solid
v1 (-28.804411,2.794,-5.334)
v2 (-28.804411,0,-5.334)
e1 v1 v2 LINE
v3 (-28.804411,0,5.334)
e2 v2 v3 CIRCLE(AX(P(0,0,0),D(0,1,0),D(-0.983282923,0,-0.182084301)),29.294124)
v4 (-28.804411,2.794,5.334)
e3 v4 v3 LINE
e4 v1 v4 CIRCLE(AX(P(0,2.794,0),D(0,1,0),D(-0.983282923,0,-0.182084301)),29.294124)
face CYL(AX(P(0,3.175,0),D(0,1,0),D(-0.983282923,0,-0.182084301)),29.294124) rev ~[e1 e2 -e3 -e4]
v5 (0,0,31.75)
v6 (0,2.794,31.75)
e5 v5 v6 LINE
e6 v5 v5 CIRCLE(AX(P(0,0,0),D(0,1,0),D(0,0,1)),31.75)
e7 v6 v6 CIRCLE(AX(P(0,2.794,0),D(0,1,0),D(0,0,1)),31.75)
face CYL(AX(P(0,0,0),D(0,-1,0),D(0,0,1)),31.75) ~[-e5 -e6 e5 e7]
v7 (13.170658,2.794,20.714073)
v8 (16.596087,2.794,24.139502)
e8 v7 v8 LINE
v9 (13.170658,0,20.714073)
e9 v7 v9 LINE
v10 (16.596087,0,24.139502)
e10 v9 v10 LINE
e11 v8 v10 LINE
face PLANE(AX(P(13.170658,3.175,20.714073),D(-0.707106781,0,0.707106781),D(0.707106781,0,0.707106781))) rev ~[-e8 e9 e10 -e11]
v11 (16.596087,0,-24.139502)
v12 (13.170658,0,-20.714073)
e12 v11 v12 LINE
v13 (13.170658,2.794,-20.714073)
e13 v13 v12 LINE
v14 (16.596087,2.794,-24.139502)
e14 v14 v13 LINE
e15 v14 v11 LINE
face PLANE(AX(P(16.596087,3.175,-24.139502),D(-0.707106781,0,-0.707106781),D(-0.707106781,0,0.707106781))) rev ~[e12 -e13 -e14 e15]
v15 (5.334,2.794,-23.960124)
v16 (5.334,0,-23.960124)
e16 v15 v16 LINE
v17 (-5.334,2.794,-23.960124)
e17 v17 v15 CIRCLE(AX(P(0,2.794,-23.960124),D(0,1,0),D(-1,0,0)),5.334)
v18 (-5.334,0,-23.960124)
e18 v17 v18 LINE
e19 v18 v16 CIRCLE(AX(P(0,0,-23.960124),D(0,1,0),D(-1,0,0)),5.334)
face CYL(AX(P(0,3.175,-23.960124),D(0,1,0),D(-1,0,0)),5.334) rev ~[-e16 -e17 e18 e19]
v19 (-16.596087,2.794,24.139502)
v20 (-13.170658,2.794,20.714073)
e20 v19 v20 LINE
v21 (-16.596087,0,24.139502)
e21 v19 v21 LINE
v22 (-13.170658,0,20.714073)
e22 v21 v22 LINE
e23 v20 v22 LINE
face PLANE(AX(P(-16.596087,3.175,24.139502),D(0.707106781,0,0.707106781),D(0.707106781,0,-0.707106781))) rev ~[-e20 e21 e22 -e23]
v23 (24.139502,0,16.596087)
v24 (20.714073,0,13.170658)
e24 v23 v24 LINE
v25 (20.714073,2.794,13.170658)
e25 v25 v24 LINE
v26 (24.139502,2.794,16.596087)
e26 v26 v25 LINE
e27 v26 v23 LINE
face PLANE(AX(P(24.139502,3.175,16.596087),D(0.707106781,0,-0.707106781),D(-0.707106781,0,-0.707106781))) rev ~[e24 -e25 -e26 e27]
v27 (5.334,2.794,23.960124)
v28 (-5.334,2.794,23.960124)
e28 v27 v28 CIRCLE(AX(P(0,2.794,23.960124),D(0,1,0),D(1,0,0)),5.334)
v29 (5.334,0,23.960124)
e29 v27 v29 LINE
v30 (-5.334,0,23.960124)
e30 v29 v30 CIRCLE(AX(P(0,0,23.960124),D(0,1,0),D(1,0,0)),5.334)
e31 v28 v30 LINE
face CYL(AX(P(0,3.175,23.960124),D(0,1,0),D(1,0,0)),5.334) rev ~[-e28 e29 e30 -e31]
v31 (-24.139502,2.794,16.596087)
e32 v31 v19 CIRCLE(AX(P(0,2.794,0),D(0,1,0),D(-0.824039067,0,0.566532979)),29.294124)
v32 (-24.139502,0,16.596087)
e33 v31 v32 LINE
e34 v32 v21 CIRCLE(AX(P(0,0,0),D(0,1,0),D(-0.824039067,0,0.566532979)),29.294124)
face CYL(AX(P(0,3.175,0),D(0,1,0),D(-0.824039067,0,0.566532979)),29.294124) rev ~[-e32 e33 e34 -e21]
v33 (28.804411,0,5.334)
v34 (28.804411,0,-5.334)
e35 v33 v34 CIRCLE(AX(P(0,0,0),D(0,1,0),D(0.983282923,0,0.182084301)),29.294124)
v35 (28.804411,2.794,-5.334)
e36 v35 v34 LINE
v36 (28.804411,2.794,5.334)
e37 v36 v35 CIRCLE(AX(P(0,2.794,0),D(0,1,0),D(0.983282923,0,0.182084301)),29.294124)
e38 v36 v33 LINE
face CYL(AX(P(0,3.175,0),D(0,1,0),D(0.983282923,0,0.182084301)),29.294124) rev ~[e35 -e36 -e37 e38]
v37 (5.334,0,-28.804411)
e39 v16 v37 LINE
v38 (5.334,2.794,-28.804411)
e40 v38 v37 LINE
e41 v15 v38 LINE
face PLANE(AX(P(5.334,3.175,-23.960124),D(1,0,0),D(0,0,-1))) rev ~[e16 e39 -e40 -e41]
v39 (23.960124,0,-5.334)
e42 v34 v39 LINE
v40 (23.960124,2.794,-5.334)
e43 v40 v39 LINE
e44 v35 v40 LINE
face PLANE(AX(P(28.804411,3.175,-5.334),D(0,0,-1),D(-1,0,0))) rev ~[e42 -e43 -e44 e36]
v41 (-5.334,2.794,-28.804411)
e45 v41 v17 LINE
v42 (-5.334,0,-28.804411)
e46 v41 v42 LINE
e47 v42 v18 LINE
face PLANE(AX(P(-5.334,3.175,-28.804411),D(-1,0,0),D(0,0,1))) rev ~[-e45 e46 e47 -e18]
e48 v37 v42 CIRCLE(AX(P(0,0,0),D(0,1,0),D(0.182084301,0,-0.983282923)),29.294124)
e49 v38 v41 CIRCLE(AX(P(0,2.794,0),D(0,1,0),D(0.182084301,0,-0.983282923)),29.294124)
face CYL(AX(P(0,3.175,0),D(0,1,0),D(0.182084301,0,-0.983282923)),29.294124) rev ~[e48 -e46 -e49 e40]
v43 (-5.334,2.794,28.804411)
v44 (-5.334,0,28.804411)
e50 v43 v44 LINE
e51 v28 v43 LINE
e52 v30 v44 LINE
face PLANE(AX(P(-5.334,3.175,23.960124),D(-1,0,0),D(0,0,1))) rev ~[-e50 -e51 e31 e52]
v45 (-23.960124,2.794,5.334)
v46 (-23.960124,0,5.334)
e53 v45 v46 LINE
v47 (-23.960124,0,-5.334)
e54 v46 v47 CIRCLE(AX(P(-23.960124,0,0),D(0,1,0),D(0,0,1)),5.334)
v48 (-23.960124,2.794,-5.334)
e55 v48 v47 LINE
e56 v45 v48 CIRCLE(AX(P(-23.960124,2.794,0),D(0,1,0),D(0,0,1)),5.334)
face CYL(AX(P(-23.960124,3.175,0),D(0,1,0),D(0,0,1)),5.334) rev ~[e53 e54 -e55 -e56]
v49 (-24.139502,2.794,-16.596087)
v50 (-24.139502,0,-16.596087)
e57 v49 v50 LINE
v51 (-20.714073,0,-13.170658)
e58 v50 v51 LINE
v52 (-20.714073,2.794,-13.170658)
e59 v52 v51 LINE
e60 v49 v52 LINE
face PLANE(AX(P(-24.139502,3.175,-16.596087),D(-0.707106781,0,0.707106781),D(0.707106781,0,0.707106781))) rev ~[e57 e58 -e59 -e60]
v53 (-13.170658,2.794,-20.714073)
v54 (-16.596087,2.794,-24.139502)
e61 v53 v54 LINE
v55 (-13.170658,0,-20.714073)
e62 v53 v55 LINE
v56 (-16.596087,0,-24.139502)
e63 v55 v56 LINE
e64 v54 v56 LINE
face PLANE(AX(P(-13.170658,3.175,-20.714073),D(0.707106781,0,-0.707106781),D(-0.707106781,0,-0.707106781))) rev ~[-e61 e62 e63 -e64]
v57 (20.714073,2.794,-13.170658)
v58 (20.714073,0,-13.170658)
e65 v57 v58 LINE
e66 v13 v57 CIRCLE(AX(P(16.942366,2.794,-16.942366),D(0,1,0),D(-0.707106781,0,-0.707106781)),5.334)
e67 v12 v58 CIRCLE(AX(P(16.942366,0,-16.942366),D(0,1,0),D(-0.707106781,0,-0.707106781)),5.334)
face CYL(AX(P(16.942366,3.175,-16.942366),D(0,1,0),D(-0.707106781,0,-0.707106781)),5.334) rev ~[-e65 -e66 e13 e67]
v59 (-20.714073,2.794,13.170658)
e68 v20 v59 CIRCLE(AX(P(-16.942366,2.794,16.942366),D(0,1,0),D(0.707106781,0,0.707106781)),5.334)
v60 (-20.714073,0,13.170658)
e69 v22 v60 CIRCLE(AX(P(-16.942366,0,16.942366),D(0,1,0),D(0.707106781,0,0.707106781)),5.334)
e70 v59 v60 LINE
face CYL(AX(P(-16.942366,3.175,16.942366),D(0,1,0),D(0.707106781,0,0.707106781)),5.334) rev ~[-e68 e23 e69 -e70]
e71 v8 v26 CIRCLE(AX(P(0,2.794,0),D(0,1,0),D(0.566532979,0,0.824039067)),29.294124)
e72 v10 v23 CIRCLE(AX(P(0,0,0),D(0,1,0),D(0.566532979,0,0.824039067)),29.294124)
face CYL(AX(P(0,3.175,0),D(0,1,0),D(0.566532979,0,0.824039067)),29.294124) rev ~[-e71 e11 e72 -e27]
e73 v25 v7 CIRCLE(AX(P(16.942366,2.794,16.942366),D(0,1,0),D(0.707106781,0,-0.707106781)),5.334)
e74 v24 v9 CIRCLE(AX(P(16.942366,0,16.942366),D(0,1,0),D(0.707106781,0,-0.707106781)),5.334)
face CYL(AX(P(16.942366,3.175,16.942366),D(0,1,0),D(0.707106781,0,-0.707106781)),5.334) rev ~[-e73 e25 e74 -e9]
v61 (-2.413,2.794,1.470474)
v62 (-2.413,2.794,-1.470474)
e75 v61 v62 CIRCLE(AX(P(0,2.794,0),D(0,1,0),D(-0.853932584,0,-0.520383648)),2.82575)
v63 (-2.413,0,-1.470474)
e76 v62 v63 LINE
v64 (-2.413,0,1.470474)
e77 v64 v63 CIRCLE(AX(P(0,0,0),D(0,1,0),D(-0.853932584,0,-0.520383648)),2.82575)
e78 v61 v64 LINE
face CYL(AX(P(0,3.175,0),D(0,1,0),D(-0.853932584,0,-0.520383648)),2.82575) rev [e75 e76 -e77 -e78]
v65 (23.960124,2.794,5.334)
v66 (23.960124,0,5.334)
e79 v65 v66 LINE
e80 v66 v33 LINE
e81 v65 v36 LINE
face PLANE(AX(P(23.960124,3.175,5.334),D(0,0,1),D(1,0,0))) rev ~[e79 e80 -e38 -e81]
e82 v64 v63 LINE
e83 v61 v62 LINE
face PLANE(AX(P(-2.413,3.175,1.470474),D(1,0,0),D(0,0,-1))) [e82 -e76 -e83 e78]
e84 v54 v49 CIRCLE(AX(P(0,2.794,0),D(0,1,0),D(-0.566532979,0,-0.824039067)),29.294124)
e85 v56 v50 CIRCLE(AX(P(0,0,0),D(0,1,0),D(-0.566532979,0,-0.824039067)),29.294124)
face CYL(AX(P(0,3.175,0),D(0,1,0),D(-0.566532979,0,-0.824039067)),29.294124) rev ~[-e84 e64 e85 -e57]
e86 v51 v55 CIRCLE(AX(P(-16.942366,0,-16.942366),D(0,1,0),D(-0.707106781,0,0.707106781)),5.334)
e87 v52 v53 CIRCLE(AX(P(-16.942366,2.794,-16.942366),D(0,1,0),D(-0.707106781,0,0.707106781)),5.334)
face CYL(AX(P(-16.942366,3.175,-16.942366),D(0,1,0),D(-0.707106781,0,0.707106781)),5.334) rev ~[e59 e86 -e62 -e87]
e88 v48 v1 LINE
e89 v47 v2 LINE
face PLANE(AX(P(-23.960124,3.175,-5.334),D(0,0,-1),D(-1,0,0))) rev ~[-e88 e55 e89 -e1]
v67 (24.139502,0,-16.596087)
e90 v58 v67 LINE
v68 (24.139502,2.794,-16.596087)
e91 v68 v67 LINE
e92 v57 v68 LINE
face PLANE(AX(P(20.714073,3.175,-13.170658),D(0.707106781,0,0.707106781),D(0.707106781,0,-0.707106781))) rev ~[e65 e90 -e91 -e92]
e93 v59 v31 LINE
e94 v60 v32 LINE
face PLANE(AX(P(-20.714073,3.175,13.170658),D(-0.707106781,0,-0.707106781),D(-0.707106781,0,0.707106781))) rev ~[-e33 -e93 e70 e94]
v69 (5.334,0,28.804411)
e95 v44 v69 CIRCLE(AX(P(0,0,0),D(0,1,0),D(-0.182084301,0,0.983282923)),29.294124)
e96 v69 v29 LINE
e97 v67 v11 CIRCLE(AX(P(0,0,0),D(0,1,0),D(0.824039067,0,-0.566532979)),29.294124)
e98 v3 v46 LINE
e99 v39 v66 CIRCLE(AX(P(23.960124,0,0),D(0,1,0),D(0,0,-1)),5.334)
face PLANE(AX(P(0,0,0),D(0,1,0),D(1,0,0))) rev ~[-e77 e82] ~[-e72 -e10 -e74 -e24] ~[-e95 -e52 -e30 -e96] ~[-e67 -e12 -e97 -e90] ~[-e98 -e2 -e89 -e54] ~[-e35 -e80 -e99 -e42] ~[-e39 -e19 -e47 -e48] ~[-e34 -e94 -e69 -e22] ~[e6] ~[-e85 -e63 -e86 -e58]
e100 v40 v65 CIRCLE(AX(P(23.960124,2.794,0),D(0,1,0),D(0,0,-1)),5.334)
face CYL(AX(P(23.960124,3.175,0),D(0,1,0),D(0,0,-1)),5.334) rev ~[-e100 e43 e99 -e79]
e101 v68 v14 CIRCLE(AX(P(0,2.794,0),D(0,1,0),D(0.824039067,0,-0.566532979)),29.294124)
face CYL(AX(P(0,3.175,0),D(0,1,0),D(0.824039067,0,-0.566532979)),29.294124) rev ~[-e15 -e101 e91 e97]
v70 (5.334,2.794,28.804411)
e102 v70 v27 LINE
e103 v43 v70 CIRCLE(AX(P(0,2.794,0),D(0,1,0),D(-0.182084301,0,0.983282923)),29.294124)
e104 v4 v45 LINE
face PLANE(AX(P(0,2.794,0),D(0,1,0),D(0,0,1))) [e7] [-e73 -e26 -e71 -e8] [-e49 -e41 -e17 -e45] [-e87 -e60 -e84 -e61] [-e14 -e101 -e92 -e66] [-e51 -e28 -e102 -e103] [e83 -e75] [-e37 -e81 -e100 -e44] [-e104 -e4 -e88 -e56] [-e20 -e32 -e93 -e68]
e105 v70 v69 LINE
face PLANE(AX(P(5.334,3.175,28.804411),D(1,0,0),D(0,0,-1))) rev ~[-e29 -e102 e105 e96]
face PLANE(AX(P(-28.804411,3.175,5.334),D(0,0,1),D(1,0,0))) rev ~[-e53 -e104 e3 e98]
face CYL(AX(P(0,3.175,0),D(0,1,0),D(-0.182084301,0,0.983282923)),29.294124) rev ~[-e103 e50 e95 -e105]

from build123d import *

# Parameters (mm, degrees)
SKETCH2_R           = 31.75
SKETCH2_R_2         = 29.294123568
BOSS_EXTRUDE1_DEPTH = 2.794
CUT_EXTRUDE1_DEPTH  = 46.01339384
CUT_EXTRUDE2_DEPTH  = 46.01339384


with BuildPart() as part:
    # Sketch2 → Boss-Extrude1 (new body)
    # profile 1 of 2: a face of its own
    with BuildSketch(Plane(origin=(0, 0, 0), x_dir=(1, 0, 0), z_dir=(0, 1, 0))):
        with Locations(Location((0, 0, 0), (0, 0, 270))):
            Circle(SKETCH2_R)
        Circle(SKETCH2_R_2, mode=Mode.SUBTRACT)
    # profile 2 of 2: a face of its own
    with BuildSketch(Plane(origin=(0, 0, 0), x_dir=(1, 0, 0), z_dir=(0, 1, 0))):
        Circle(SKETCH2_R_2)
    extrude(amount=BOSS_EXTRUDE1_DEPTH)

    # Sketch3 → Cut-Extrude1 (cut, through all)
    with BuildSketch(Plane(origin=(0, 3.175, 0), x_dir=(1, 0, 0), z_dir=(0, 1, 0))):
        with BuildLine():
            Line((5.334, -28.804411461), (5.334, -23.960123568))
            ThreePointArc((5.334, -23.960123568), (0, -18.626123568), (-5.334, -23.960123568))
            Line((-5.334, -23.960123568), (-5.334, -28.804411461))
            ThreePointArc((-5.334, -28.804411461), (0, -29.294123568), (5.334, -28.804411461))
        make_face()
        with BuildLine():
            Line((-20.714073424, -13.170658282), (-24.139502243, -16.596087101))
            ThreePointArc((-24.139502243, -16.596087101), (-20.714073424, -20.714073424), (-16.596087101, -24.139502243))
            Line((-16.596087101, -24.139502243), (-13.170658282, -20.714073424))
            ThreePointArc((-13.170658282, -20.714073424), (-13.170658282, -13.170658282), (-20.714073424, -13.170658282))
        make_face()
        with BuildLine():
            Line((-23.960123568, 5.334), (-28.804411461, 5.334))
            ThreePointArc((-28.804411461, 5.334), (-29.294123568, 0), (-28.804411461, -5.334))
            Line((-28.804411461, -5.334), (-23.960123568, -5.334))
            ThreePointArc((-23.960123568, -5.334), (-18.626123568, 0), (-23.960123568, 5.334))
        make_face()
        with BuildLine():
            Line((-13.170658282, 20.714073424), (-16.596087101, 24.139502243))
            ThreePointArc((-16.596087101, 24.139502243), (-20.714073424, 20.714073424), (-24.139502243, 16.596087101))
            Line((-24.139502243, 16.596087101), (-20.714073424, 13.170658282))
            ThreePointArc((-20.714073424, 13.170658282), (-13.170658282, 13.170658282), (-13.170658282, 20.714073424))
        make_face()
        with BuildLine():
            Line((5.334, 23.960123568), (5.334, 28.804411461))
            ThreePointArc((5.334, 28.804411461), (0, 29.294123568), (-5.334, 28.804411461))
            Line((-5.334, 28.804411461), (-5.334, 23.960123568))
            ThreePointArc((-5.334, 23.960123568), (0, 18.626123568), (5.334, 23.960123568))
        make_face()
        with BuildLine():
            Line((20.714073424, 13.170658282), (24.139502243, 16.596087101))
            ThreePointArc((24.139502243, 16.596087101), (20.714073424, 20.714073424), (16.596087101, 24.139502243))
            Line((16.596087101, 24.139502243), (13.170658282, 20.714073424))
            ThreePointArc((13.170658282, 20.714073424), (13.170658282, 13.170658282), (20.714073424, 13.170658282))
        make_face()
        with BuildLine():
            Line((23.960123568, -5.334), (28.804411461, -5.334))
            ThreePointArc((28.804411461, -5.334), (29.294123568, 0), (28.804411461, 5.334))
            Line((28.804411461, 5.334), (23.960123568, 5.334))
            ThreePointArc((23.960123568, 5.334), (18.626123568, 0), (23.960123568, -5.334))
        make_face()
        with BuildLine():
            Line((13.170658282, -20.714073424), (16.596087101, -24.139502243))
            ThreePointArc((16.596087101, -24.139502243), (20.714073424, -20.714073424), (24.139502243, -16.596087101))
            Line((24.139502243, -16.596087101), (20.714073424, -13.170658282))
            ThreePointArc((20.714073424, -13.170658282), (13.170658282, -13.170658282), (13.170658282, -20.714073424))
        make_face()
    extrude(amount=-CUT_EXTRUDE1_DEPTH, mode=Mode.SUBTRACT)

    # Sketch4 → Cut-Extrude2 (cut, through all)
    with BuildSketch(Plane(origin=(0, 3.175, 0), x_dir=(1, 0, 0), z_dir=(0, 1, 0))):
        with BuildLine():
            Line((-2.413, -1.470474094), (-2.413, 1.470474094))
            ThreePointArc((-2.413, 1.470474094), (2.82575, 0), (-2.413, -1.470474094))
        make_face()
    extrude(amount=-CUT_EXTRUDE2_DEPTH, mode=Mode.SUBTRACT)


solid = part.part
